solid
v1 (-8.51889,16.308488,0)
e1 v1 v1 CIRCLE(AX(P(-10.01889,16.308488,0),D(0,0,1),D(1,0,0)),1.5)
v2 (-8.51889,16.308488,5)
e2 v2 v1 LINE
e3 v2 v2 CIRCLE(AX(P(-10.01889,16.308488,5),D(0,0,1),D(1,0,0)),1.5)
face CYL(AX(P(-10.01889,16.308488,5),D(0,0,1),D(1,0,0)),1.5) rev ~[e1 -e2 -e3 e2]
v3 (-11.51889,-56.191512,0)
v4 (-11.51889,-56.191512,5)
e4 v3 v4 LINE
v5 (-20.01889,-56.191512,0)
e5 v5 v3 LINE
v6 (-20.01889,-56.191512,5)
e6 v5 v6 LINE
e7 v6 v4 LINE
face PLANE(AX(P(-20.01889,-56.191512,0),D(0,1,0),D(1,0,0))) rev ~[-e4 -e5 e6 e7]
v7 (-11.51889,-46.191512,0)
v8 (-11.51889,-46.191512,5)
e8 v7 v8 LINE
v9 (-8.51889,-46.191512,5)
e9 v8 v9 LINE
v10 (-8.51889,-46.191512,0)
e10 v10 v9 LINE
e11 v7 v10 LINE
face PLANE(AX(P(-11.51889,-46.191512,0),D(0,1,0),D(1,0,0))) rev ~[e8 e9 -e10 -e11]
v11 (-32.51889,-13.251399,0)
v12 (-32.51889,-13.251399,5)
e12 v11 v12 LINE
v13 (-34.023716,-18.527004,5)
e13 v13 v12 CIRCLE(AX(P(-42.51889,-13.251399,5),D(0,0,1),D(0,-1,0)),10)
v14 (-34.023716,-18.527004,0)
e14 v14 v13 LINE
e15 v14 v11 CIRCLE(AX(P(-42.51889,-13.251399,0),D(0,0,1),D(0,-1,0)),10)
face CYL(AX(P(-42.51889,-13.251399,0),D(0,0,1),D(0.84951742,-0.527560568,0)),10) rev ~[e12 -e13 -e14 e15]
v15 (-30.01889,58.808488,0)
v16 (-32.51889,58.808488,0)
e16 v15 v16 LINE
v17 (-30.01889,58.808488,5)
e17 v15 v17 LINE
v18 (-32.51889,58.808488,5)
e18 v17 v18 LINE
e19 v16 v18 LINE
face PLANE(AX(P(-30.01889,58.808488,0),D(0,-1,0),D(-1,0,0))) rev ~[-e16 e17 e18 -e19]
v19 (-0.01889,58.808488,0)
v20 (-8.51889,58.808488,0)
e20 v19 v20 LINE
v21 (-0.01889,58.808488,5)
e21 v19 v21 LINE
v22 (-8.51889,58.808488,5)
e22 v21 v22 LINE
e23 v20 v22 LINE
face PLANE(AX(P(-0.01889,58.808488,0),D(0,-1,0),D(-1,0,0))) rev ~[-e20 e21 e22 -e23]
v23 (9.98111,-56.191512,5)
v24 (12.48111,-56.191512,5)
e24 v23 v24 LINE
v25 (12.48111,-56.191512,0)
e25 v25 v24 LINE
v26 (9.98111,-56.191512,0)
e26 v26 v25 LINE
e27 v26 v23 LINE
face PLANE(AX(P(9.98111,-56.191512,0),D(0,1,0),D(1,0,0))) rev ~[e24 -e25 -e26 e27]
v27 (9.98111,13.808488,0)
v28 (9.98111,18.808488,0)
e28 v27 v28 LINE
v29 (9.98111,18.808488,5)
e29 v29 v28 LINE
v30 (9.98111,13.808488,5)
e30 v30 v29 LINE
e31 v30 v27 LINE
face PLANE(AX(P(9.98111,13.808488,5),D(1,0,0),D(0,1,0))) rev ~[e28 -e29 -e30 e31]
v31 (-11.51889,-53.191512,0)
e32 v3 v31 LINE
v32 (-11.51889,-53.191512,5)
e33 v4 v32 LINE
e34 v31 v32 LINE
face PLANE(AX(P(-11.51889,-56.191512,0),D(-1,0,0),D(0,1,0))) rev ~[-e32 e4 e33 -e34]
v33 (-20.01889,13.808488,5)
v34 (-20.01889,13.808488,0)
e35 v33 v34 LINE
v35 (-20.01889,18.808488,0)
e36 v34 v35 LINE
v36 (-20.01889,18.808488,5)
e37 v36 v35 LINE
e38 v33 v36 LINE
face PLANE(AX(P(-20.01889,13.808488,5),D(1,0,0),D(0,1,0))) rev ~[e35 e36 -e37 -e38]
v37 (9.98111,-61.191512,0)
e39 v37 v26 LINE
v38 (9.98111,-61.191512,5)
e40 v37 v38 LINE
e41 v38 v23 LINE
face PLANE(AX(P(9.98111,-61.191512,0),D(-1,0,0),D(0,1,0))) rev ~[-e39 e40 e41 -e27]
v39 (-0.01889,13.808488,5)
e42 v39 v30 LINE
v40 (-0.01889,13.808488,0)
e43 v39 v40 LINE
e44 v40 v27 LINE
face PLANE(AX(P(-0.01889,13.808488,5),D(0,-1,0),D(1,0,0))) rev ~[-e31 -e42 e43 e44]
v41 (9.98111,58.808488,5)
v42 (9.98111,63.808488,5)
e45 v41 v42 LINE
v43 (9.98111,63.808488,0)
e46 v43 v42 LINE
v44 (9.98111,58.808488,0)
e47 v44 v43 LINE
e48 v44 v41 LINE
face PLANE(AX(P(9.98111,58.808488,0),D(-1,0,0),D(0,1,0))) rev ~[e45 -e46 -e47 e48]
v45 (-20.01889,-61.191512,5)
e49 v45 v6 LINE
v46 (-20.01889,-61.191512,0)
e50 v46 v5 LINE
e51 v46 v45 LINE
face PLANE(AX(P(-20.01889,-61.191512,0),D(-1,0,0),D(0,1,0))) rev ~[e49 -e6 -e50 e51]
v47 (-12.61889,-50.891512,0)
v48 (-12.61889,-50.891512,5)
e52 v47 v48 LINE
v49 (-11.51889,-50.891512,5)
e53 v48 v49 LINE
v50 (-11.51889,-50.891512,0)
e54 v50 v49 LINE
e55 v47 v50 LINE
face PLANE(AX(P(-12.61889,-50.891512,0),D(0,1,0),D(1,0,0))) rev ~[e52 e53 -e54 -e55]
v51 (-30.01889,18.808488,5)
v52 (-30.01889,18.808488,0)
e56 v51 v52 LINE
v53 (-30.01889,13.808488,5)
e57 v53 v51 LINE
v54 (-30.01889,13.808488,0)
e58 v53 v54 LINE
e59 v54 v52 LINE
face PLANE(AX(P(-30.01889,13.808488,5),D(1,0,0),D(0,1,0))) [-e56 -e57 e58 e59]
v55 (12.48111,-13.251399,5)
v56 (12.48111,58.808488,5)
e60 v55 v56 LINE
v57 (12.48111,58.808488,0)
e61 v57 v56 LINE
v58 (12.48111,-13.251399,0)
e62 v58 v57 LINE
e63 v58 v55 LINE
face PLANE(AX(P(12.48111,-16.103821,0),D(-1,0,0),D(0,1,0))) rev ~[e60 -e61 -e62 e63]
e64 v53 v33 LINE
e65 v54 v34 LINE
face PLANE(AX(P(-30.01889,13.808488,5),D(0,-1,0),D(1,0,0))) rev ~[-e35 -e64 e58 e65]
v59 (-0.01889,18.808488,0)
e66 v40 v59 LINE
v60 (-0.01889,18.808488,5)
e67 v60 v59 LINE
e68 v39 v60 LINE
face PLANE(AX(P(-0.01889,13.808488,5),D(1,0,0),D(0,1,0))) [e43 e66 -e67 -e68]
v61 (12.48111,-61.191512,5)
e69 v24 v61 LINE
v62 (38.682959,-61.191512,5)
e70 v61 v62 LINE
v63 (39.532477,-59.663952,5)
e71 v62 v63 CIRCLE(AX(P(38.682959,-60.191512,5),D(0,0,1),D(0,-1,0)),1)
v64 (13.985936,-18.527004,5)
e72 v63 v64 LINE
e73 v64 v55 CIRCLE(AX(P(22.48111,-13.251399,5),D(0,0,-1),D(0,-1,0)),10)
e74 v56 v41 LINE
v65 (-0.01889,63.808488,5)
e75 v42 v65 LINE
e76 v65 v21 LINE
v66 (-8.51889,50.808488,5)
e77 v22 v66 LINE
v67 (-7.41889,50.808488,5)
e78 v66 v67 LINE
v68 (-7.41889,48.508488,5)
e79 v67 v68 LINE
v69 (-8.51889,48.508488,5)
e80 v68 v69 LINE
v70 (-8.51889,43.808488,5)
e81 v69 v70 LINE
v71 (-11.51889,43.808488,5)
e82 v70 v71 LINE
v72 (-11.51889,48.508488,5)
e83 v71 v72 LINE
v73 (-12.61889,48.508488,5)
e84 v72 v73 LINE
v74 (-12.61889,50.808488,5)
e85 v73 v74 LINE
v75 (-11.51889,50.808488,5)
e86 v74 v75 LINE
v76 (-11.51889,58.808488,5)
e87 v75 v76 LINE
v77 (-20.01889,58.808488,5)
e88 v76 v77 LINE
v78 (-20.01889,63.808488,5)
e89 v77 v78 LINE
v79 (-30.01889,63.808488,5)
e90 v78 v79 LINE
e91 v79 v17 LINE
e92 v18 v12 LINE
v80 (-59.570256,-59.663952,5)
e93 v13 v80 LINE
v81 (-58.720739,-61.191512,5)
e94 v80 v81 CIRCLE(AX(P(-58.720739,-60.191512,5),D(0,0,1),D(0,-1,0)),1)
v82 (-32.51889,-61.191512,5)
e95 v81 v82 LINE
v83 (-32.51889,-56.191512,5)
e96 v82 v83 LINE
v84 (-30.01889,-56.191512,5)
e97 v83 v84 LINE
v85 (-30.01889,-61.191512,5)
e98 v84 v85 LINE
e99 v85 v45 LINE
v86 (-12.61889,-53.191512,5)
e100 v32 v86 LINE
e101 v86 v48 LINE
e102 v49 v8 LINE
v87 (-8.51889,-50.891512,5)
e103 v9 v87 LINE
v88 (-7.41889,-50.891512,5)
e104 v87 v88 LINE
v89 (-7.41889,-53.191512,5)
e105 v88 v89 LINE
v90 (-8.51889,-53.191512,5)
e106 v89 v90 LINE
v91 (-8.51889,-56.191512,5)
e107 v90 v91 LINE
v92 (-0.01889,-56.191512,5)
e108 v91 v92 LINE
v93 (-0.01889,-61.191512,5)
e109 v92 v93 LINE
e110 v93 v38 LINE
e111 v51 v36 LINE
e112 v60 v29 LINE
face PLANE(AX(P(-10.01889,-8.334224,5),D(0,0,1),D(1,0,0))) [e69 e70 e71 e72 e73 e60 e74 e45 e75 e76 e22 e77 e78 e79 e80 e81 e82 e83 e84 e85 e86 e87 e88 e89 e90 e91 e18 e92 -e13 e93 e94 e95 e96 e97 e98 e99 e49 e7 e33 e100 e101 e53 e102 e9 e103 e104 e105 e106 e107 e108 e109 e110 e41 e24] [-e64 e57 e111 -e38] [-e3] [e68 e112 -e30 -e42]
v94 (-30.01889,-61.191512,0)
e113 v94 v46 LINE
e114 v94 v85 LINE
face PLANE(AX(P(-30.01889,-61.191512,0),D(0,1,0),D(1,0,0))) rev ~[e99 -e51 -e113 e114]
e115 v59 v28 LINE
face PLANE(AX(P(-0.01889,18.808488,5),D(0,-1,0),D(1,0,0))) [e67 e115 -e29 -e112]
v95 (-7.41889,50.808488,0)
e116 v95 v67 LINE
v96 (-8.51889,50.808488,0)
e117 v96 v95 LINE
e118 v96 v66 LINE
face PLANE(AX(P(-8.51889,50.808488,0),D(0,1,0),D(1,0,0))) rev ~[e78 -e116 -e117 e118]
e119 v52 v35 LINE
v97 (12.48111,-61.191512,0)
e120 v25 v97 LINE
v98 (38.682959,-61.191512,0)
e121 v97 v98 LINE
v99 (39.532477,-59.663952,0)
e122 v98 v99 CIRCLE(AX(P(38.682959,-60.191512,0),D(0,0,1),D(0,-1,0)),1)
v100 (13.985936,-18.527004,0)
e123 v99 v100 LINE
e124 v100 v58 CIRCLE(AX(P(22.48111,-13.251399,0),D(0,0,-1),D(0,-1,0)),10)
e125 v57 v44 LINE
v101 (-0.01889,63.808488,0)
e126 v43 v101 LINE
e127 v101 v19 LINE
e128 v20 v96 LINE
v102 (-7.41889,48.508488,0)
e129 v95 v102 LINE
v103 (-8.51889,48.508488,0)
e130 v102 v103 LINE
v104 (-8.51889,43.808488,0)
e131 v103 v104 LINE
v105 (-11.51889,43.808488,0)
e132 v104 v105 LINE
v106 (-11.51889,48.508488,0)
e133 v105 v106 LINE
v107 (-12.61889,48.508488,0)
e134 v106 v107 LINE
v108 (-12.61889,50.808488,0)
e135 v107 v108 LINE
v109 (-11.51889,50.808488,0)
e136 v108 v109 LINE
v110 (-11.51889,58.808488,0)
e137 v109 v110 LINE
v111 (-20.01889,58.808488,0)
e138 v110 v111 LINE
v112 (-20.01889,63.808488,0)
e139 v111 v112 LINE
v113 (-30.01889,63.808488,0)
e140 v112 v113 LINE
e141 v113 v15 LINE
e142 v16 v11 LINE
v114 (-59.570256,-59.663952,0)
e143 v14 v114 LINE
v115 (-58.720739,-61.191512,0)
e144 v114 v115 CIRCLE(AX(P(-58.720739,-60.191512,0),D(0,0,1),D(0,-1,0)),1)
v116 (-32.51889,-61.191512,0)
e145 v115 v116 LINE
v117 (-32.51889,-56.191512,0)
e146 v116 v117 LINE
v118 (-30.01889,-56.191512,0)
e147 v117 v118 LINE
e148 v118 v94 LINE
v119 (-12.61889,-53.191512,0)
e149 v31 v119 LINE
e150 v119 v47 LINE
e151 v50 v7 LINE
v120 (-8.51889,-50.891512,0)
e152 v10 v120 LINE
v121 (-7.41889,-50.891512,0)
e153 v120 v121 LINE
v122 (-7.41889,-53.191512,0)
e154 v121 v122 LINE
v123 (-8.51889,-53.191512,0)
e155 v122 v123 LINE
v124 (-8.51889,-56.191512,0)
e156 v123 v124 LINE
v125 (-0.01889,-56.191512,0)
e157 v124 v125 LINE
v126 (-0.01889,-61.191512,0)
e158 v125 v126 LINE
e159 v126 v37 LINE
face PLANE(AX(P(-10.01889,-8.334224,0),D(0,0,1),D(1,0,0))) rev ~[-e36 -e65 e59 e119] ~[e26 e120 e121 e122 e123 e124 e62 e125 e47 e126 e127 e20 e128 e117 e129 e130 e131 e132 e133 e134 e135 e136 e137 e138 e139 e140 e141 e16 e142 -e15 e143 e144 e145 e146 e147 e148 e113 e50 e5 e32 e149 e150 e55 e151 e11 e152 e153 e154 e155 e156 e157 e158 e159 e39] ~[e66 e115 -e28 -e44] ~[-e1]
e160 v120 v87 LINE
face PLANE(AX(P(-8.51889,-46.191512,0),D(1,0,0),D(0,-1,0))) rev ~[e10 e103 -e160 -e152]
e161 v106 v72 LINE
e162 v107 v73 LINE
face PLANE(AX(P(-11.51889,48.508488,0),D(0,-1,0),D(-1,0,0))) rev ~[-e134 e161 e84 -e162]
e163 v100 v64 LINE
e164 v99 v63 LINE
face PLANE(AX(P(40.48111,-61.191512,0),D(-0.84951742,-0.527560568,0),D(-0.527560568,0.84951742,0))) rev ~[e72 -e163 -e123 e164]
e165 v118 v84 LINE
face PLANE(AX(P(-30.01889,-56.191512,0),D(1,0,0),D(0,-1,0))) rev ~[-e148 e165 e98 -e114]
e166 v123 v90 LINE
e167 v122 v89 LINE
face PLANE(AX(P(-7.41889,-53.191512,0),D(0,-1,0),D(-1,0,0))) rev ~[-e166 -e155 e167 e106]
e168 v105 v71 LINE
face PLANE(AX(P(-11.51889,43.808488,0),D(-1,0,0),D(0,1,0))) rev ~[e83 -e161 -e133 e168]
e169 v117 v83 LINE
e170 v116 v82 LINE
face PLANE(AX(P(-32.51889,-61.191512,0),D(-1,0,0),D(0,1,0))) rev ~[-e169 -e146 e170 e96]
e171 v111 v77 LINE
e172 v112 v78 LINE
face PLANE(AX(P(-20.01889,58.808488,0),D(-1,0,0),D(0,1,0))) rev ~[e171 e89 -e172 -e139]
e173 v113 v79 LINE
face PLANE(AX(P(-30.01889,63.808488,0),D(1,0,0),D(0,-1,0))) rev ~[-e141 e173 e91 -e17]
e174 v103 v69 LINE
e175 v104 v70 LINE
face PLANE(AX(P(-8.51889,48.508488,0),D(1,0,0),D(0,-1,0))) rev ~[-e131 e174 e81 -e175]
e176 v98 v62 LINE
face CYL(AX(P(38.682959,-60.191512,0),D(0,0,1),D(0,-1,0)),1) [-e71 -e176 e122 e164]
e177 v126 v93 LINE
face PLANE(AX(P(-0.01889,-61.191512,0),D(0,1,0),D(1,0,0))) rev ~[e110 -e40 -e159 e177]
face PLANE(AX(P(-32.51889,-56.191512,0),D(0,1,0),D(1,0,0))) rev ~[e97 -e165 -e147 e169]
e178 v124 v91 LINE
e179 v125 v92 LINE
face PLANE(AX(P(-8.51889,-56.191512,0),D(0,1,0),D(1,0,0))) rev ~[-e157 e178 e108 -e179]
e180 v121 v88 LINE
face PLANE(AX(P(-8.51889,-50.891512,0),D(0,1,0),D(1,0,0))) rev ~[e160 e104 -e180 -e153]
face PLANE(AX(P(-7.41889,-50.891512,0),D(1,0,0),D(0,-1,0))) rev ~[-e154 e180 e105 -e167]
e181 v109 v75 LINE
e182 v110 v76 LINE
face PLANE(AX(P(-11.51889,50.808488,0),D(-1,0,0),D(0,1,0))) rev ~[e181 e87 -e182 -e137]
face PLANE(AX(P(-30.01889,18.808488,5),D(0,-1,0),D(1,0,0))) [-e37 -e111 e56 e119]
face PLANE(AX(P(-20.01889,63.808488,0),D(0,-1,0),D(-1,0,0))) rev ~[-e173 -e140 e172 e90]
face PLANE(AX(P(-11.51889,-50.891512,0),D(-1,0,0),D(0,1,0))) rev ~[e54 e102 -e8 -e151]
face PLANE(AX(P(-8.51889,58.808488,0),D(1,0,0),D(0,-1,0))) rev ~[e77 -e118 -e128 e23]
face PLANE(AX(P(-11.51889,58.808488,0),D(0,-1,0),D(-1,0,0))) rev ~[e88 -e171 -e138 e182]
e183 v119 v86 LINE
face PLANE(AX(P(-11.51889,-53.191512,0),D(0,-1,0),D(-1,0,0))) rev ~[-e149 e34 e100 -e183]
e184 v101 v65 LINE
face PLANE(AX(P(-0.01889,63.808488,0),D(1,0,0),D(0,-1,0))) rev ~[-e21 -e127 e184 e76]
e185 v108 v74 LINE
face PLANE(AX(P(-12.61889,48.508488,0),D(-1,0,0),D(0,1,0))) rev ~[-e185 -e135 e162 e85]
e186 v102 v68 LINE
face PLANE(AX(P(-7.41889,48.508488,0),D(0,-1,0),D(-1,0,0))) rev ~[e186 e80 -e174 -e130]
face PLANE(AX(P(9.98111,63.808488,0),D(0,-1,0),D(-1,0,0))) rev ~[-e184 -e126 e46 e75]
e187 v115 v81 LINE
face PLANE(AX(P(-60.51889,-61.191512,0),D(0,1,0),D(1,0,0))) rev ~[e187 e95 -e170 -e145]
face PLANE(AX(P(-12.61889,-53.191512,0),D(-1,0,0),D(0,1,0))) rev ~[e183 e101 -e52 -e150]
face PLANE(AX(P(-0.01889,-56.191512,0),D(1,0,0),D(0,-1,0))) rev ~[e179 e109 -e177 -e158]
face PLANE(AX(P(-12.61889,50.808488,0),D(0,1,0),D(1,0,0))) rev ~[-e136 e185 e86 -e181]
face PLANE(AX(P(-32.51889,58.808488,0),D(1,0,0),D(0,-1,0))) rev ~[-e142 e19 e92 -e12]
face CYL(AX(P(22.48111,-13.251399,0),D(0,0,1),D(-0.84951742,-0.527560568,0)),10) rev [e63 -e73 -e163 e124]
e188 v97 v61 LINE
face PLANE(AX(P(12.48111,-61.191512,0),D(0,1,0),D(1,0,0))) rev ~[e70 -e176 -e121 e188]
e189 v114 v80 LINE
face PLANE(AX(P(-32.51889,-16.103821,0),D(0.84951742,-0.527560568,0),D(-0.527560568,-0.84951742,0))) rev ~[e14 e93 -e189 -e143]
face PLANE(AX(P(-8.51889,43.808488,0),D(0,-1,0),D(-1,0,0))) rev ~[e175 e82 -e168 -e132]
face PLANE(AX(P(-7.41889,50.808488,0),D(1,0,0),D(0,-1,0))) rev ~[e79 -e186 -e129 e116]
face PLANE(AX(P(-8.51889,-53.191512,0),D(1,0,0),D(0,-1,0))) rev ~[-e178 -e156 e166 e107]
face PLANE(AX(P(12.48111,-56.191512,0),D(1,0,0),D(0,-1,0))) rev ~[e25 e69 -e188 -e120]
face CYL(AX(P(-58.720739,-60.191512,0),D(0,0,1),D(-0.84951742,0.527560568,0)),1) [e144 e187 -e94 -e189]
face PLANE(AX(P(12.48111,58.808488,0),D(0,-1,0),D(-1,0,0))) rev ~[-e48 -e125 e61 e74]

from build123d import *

# Parameters (mm, degrees)
BOSS_EXTRUDE1_DEPTH = 5
SKETCH2_R           = 1.5
SKETCH2_W           = 10
SKETCH2_H           = 5
CUT_EXTRUDE1_DEPTH  = 10
FILLET1_R           = 10
FILLET2_R           = 1


with BuildPart() as part:
    # Sketch1 → Boss-Extrude1 (new body)
    with BuildSketch(Plane.XY):
        Polygon((-32.518889855, -56.191512275), (-30.018889855, -56.191512275), (-30.018889855, -61.191512275), (-20.018889855, -61.191512275), (-20.018889855, -56.191512275), (-11.518889855, -56.191512275), (-11.518889855, -53.191512275), (-12.618889855, -53.191512275), (-12.618889855, -50.891512275), (-11.518889855, -50.891512275), (-11.518889855, -46.191512275), (-8.518889855, -46.191512275), (-8.518889855, -50.891512275), (-7.418889855, -50.891512275), (-7.418889855, -53.191512275), (-8.518889855, -53.191512275), (-8.518889855, -56.191512275), (-0.018889855, -56.191512275), (-0.018889855, -61.191512275), (9.981110145, -61.191512275), (9.981110145, -56.191512275), (12.481110145, -56.191512275), (12.481110145, -61.191512275), (40.481110145, -61.191512275), (12.481110145, -16.103821473), (12.481110145, 58.808487725), (9.981110145, 58.808487725), (9.981110145, 63.808487725), (-0.018889855, 63.808487725), (-0.018889855, 58.808487725), (-8.518889855, 58.808487725), (-8.518889855, 50.808487725), (-7.418889855, 50.808487725), (-7.418889855, 48.508487725), (-8.518889855, 48.508487725), (-8.518889855, 43.808487725), (-11.518889855, 43.808487725), (-11.518889855, 48.508487725), (-12.618889855, 48.508487725), (-12.618889855, 50.808487725), (-11.518889855, 50.808487725), (-11.518889855, 58.808487725), (-20.018889855, 58.808487725), (-20.018889855, 63.808487725), (-30.018889855, 63.808487725), (-30.018889855, 58.808487725), (-32.518889855, 58.808487725), (-32.518889855, -16.103821473), (-60.518889855, -61.191512275), (-32.518889855, -61.191512275), align=None)
    extrude(amount=BOSS_EXTRUDE1_DEPTH)

    # Sketch2 → Cut-Extrude1 (cut)
    with BuildSketch(Plane.XY.offset(5)):
        with Locations((-10.018889855, 16.308487725)):
            Circle(SKETCH2_R)
        with Locations((-25.018889855, 16.308487725)):
            Rectangle(SKETCH2_W, SKETCH2_H)
        with Locations((4.981110145, 16.308487725)):
            Rectangle(SKETCH2_W, SKETCH2_H)
    extrude(amount=-CUT_EXTRUDE1_DEPTH, mode=Mode.SUBTRACT)

    # Fillet1
    fillet1_edges = [part.edges().sort_by_distance(p)[0] for p in [
        (-32.518889855, -16.103821473, 2.5),
        (12.481110145, -16.103821473, 2.5),
    ]]
    fillet(fillet1_edges, radius=FILLET1_R)

    # Fillet2
    fillet2_edges = [part.edges().sort_by_distance(p)[0] for p in [
        (40.481110145, -61.191512275, 2.5),
        (-60.518889855, -61.191512275, 2.5),
    ]]
    fillet(fillet2_edges, radius=FILLET2_R)


solid = part.part
